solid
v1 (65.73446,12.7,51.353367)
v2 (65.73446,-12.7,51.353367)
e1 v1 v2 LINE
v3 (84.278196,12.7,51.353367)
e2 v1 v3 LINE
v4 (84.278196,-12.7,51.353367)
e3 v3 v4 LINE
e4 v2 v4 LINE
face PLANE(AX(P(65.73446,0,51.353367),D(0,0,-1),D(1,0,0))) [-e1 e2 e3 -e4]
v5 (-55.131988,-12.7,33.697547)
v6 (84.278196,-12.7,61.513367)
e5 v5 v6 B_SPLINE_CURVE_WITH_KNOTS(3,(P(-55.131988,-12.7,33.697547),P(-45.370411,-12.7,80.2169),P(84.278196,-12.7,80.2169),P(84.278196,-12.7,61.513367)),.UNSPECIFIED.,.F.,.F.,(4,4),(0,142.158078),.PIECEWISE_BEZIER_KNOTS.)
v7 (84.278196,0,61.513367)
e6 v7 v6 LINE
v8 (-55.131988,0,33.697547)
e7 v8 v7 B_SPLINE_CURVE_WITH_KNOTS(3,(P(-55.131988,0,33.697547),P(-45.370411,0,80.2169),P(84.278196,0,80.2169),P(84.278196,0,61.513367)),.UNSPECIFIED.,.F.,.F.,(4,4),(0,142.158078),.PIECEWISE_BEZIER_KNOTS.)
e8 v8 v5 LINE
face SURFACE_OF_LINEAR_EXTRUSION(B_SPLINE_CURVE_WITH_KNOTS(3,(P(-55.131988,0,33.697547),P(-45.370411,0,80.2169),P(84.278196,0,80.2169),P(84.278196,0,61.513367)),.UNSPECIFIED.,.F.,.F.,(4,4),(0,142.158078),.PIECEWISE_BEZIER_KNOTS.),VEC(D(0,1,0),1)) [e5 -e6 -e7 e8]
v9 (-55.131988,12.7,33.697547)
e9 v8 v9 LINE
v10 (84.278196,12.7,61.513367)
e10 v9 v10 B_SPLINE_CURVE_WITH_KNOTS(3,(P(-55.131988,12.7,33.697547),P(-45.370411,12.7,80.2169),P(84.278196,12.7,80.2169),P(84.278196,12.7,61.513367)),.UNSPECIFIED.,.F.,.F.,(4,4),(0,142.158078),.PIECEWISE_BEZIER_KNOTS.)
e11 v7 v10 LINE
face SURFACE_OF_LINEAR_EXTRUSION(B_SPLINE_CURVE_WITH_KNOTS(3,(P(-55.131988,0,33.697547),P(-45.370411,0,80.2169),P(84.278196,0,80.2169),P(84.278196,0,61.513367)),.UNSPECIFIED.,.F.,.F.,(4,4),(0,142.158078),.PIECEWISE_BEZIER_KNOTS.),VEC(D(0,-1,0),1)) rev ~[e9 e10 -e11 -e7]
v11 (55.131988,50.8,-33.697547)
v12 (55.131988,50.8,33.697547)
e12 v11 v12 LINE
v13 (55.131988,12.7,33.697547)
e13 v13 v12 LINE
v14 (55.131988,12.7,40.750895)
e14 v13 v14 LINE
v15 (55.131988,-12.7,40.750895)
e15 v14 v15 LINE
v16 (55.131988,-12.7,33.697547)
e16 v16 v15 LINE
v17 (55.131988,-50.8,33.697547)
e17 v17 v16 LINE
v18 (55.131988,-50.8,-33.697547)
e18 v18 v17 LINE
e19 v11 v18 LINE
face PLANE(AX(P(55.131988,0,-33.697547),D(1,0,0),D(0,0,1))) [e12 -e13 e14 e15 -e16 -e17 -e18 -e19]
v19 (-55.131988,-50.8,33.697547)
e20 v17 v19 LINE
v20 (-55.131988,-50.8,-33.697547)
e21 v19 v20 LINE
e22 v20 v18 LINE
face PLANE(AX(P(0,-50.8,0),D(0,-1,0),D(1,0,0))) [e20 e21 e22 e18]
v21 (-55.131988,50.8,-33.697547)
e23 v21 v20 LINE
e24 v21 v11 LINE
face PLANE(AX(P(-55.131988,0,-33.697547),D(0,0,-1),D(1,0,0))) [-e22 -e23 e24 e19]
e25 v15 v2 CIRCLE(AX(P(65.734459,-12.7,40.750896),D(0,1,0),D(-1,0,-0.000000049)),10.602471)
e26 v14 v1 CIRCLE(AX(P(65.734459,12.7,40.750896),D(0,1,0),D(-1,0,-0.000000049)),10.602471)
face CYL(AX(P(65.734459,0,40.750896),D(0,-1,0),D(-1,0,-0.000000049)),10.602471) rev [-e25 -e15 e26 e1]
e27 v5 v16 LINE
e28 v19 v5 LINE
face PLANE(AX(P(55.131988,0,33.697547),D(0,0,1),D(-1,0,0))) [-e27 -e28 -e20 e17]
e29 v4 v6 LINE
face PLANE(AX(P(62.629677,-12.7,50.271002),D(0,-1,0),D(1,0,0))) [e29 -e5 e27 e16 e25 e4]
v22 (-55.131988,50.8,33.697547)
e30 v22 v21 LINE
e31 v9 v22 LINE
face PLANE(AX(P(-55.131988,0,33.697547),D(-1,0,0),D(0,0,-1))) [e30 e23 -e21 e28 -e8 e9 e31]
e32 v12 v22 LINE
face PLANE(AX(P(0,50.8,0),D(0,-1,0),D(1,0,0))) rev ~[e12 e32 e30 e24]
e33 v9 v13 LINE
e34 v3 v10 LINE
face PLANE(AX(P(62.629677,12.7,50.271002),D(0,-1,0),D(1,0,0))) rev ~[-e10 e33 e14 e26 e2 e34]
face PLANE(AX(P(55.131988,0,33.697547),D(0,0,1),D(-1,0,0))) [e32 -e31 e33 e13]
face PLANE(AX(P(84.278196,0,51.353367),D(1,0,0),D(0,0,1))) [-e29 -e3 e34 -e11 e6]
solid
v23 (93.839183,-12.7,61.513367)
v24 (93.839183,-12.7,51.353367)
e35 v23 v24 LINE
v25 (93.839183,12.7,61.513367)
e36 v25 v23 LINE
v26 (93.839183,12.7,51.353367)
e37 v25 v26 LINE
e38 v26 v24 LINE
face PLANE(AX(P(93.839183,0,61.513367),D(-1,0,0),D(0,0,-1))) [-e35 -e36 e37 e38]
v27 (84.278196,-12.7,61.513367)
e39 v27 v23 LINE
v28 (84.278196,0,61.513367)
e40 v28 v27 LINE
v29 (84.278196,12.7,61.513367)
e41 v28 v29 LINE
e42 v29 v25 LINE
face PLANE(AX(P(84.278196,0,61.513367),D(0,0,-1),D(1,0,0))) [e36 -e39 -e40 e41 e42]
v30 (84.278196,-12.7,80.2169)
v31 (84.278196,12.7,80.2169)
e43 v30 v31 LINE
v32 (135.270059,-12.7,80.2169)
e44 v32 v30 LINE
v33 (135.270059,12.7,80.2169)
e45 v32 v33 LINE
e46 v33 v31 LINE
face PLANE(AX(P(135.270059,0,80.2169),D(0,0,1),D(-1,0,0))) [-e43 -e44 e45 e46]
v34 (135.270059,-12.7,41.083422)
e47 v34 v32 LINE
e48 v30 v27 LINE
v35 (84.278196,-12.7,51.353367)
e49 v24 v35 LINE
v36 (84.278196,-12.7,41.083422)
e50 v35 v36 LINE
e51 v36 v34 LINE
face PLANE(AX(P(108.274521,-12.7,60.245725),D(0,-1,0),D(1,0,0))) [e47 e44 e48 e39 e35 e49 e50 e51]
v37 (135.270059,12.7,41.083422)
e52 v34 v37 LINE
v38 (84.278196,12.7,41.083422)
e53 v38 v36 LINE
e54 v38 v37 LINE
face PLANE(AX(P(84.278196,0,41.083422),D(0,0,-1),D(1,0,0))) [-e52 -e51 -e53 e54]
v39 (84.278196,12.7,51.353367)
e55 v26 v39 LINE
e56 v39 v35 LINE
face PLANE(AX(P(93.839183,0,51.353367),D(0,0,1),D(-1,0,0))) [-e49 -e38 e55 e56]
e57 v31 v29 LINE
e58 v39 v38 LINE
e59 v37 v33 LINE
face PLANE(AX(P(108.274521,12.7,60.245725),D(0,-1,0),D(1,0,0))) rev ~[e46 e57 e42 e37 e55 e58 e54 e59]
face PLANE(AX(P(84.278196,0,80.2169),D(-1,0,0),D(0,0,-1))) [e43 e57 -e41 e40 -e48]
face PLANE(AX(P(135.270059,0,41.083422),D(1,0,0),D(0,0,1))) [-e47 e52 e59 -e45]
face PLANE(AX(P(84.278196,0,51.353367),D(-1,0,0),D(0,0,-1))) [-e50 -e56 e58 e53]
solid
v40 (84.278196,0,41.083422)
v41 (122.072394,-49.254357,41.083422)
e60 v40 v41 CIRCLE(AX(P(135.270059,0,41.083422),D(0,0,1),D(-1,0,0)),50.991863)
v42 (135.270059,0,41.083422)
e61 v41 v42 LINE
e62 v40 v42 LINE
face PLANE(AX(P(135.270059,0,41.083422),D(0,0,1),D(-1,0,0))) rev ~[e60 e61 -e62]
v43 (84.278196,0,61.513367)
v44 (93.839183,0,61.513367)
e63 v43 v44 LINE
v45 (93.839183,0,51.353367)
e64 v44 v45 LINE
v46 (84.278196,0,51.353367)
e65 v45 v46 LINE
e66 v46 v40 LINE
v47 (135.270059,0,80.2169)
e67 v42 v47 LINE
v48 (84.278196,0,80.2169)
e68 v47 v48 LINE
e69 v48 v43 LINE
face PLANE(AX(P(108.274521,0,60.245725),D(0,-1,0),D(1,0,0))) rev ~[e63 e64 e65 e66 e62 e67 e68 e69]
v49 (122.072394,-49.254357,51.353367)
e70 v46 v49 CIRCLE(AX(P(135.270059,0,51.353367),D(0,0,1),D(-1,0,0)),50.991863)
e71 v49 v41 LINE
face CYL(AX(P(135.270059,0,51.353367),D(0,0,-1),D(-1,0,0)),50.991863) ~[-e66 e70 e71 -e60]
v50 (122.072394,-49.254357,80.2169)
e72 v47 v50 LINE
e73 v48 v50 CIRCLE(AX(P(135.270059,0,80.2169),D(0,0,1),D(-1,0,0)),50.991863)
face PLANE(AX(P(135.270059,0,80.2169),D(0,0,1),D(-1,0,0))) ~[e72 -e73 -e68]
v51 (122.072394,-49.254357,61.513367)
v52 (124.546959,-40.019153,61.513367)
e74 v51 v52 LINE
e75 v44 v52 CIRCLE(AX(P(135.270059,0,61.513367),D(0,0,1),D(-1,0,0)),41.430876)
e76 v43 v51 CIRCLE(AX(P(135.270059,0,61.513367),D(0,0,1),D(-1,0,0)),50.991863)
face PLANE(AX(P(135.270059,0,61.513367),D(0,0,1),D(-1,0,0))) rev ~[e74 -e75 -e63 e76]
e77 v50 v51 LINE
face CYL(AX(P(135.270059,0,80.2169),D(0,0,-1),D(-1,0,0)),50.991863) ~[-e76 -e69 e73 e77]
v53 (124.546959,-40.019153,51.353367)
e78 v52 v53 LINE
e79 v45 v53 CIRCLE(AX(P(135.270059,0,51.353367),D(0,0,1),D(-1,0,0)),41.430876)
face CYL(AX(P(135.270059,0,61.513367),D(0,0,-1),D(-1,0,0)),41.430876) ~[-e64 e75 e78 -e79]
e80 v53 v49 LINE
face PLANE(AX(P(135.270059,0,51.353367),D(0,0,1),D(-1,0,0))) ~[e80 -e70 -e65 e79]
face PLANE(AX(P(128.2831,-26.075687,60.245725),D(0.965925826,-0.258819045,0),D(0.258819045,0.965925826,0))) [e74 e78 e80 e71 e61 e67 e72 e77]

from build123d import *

# Parameters (mm, degrees)
F1_DEPTH = 50.8
F2_DEPTH = 12.7
F3_ANGLE = 75


with BuildPart() as f1:
    # F0 (on Front) → F1 (new body, symmetric)
    with BuildSketch(Plane.XZ):
        Polygon((44.971988, 33.697547), (-55.131988, 33.697547), (-55.131988, -33.697547), (55.131988, -33.697547), (55.131988, 33.697547), align=None)
    extrude(amount=F1_DEPTH, both=True)

    # F0 (on Front) → F2 (join, symmetric)
    with BuildSketch(Plane.XZ):
        Polygon((84.278196, 80.2169), (84.278196, 61.513367), (93.839183, 61.513367), (93.839183, 51.353367), (84.278196, 51.353367), (84.278196, 41.083422), (135.270059, 41.083422), (135.270059, 80.2169), align=None)
        with BuildLine():
            Line((44.971988, 40.750895), (44.971988, 33.697547))
            Line((44.971988, 33.697547), (55.131988, 33.697547))
            Line((55.131988, 33.697547), (55.131988, 40.750895))
            ThreePointArc((55.131988, 40.750895), (58.23738, 48.247975), (65.73446, 51.353367))
            Line((65.73446, 51.353367), (84.278196, 51.353367))
            Line((84.278196, 51.353367), (84.278196, 61.513367))
            Line((84.278196, 61.513367), (65.73446, 61.513367))
            ThreePointArc((65.73446, 61.513367), (51.053175, 55.43218), (44.971988, 40.750895))
        make_face()
        with BuildLine():
            add(Edge.make_bspline(
                [(-55.131988, 33.697547), (-45.370411, 80.2169), (84.278196, 80.2169), (84.278196, 61.513367)],
                knots=[0, 0, 0, 0, 142.158078, 142.158078, 142.158078, 142.158078], degree=3))
            Line((-55.131988, 33.697547), (44.971988, 33.697547))
            Line((44.971988, 33.697547), (44.971988, 40.750895))
            ThreePointArc((44.971988, 40.750895), (51.053175, 55.43218), (65.73446, 61.513367))
            Line((65.73446, 61.513367), (84.278196, 61.513367))
        make_face()
    extrude(amount=F2_DEPTH, both=True)


with BuildPart() as f3:
    # F0 (on Front) → F3 (revolve)
    with BuildSketch(Plane.XZ):
        Polygon((84.278196, 80.2169), (84.278196, 61.513367), (93.839183, 61.513367), (93.839183, 51.353367), (84.278196, 51.353367), (84.278196, 41.083422), (135.270059, 41.083422), (135.270059, 80.2169), align=None)
    revolve(axis=Axis((135.270059, 0, 60.650161), (0, 0, 1)), revolution_arc=F3_ANGLE)


solid = Compound([f1.part, f3.part])
